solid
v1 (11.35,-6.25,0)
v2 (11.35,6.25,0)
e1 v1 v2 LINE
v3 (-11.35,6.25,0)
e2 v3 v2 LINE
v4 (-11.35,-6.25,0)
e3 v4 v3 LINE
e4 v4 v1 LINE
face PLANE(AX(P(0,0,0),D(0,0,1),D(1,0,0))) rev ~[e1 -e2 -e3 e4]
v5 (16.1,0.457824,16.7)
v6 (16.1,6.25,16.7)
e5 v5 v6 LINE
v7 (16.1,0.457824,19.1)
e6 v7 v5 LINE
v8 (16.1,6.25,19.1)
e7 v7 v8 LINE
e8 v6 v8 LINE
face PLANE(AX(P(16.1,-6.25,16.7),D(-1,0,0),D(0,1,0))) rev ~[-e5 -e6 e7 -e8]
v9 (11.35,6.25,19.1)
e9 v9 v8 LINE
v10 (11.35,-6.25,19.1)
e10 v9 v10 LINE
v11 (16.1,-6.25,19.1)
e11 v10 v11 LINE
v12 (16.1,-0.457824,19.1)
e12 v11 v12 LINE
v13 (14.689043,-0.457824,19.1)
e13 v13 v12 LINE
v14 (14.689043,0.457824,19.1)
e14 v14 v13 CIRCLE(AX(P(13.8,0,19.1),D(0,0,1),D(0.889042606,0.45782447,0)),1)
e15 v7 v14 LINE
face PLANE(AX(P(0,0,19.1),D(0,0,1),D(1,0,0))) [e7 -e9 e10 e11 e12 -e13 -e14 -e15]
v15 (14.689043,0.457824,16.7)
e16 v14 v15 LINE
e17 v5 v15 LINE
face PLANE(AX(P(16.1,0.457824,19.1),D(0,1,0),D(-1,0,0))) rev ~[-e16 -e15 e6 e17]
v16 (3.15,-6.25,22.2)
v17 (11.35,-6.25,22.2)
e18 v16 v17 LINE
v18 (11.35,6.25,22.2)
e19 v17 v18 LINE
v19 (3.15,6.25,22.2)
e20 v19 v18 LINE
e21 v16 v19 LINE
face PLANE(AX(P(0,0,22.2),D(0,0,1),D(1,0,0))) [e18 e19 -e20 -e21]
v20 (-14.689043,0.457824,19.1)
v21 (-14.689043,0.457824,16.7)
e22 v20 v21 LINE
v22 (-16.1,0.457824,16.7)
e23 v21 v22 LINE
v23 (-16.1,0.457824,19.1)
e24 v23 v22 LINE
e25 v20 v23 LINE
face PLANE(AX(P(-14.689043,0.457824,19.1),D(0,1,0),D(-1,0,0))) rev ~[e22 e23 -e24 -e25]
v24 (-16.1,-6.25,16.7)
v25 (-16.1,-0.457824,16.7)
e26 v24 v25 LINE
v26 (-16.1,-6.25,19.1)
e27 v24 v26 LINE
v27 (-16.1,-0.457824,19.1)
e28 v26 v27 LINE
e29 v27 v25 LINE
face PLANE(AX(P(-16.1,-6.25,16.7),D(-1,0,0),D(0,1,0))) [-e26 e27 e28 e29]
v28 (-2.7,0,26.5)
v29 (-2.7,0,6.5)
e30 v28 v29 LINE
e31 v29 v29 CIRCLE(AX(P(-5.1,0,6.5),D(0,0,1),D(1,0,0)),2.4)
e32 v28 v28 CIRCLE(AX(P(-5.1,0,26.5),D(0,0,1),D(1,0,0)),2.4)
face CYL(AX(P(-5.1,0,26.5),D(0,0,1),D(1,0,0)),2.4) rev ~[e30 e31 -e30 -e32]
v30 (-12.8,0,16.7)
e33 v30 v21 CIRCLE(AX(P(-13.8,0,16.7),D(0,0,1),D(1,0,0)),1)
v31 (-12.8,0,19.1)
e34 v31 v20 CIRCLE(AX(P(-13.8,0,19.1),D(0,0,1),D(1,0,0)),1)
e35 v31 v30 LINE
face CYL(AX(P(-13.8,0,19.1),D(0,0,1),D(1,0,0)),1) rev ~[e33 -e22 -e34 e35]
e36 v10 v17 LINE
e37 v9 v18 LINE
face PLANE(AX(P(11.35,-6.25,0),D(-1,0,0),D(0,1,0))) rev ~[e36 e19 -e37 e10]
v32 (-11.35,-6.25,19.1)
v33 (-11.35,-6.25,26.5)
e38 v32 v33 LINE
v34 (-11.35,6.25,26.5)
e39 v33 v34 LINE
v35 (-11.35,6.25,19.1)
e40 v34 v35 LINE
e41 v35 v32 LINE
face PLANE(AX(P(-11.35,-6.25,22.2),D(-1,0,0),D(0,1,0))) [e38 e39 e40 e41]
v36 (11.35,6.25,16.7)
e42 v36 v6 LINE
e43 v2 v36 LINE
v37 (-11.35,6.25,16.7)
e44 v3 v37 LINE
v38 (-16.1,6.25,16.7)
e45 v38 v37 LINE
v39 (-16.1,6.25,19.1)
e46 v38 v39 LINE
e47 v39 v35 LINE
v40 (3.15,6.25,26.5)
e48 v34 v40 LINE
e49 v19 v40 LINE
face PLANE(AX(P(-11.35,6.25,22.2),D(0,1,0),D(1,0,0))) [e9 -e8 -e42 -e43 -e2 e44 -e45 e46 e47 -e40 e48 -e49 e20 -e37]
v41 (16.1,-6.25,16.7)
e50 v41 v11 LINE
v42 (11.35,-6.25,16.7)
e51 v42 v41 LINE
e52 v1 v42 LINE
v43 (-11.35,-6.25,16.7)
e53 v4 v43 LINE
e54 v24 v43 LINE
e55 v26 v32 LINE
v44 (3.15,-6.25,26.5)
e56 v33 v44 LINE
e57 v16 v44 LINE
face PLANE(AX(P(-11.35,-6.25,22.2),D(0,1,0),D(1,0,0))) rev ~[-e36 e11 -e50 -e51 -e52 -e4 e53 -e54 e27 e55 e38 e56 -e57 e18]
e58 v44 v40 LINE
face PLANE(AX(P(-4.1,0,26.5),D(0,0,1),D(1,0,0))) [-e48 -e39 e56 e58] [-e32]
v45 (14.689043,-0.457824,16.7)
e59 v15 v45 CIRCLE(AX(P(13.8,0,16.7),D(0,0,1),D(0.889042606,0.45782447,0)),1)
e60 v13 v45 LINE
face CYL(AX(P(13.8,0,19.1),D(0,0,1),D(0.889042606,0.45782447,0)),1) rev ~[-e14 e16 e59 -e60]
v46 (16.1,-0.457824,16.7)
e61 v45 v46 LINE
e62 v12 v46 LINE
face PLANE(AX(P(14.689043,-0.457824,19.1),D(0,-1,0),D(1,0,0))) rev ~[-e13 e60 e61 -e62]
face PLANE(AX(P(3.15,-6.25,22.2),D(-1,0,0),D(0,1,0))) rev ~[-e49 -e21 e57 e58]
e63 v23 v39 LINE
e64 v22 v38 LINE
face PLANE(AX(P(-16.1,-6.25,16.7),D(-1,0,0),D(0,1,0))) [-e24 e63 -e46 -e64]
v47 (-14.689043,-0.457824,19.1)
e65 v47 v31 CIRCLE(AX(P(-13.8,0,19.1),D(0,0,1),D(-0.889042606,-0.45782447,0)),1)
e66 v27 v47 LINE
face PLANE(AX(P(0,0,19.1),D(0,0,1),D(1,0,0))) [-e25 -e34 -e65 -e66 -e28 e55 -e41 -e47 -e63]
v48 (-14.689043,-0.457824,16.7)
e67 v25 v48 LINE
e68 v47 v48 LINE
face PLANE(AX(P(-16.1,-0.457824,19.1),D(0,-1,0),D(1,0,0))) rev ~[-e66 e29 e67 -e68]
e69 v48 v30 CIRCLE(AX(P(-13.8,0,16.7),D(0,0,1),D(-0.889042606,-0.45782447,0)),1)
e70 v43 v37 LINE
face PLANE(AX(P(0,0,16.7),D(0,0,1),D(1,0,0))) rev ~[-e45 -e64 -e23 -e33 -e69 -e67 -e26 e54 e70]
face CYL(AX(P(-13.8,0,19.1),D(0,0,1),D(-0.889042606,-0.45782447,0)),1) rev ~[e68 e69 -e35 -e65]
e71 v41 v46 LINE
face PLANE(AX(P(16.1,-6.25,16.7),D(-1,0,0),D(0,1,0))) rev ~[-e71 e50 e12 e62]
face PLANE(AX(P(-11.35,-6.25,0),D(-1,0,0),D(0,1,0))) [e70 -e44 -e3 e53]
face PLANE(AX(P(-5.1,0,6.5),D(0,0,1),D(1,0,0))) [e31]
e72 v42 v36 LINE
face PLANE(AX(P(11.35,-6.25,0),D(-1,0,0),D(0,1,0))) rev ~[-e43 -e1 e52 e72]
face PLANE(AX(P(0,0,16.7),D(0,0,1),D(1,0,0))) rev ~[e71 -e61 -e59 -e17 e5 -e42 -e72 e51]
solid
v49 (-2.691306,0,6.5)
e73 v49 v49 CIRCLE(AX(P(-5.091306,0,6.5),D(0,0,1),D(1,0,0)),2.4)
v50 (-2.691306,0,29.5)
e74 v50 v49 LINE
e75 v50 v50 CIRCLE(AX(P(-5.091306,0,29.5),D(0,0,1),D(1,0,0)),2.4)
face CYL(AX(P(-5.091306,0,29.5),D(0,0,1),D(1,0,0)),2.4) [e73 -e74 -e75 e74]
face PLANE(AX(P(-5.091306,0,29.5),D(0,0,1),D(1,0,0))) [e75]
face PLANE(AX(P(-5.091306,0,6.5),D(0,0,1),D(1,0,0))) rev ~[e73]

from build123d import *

# Parameters (mm, degrees)
F0_W      = 22.7
F0_H      = 12.5
F1_DEPTH  = 16.7
F2_W      = 32.2
F2_H      = 12.5
F3_DEPTH  = 2.4
F5_DEPTH  = 19.101
F6_DEPTH  = 22.2
F7_W      = 14.5
F7_H      = 12.5
F8_DEPTH  = 4.3
F12_R     = 2.4
F13_DEPTH = 20
F14_R     = 2.4
F15_DEPTH = 3
F16_DEPTH = 23


with BuildPart() as f1:
    # F0 (on Top) → F1 (new body)
    with BuildSketch(Plane.XY):
        Rectangle(F0_W, F0_H)
    extrude(amount=F1_DEPTH)

    # F2 (on face) → F3 (join)
    with BuildSketch(Plane.XY.offset(16.7)):
        Rectangle(F2_W, F2_H)
    extrude(amount=F3_DEPTH)

    # F4 (on face) → F5 (cut, through all)
    with BuildSketch(Plane.XY.offset(19.1)):
        with BuildLine():
            ThreePointArc((-14.6890426058, -0.4578244698), (-13.5644608374, -0.9718648583), (-12.8, 0))
            ThreePointArc((-12.8, 0), (-13.5644608374, 0.9718648583), (-14.6890426058, 0.4578244698))
            Line((-14.6890426058, 0.4578244698), (-13.5, 0.4578244698))
            Line((-13.5, 0.4578244698), (-13.5, -0.4578244698))
            Line((-13.5, -0.4578244698), (-14.6890426058, -0.4578244698))
        make_face()
        with BuildLine():
            Line((-13.5, 0.4578244698), (-14.6890426058, 0.4578244698))
            ThreePointArc((-14.6890426058, 0.4578244698), (-14.8, 0), (-14.6890426058, -0.4578244698))
            Line((-14.6890426058, -0.4578244698), (-13.5, -0.4578244698))
            Line((-13.5, -0.4578244698), (-13.5, 0.4578244698))
        make_face()
        with BuildLine():
            ThreePointArc((-14.6890426058, -0.4578244698), (-14.8, 0), (-14.6890426058, 0.4578244698))
            Line((-14.6890426058, 0.4578244698), (-16.1, 0.4578244698))
            Line((-16.1, 0.4578244698), (-16.1, -0.4578244698))
            Line((-16.1, -0.4578244698), (-14.6890426058, -0.4578244698))
        make_face()
        with BuildLine():
            Line((14.6890426058, 0.4578244698), (13.5, 0.4578244698))
            Line((13.5, 0.4578244698), (13.5, -0.4578244698))
            Line((13.5, -0.4578244698), (14.6890426058, -0.4578244698))
            ThreePointArc((14.6890426058, -0.4578244698), (14.7718648583, -0.2355391626), (14.8, 0))
            ThreePointArc((14.8, 0), (14.7718648583, 0.2355391626), (14.6890426058, 0.4578244698))
        make_face()
        with BuildLine():
            Line((13.5, -0.4578244698), (13.5, 0.4578244698))
            Line((13.5, 0.4578244698), (14.6890426058, 0.4578244698))
            ThreePointArc((14.6890426058, 0.4578244698), (12.8, 0), (14.6890426058, -0.4578244698))
            Line((14.6890426058, -0.4578244698), (13.5, -0.4578244698))
        make_face()
        with BuildLine():
            Line((16.1, 0.4578244698), (14.6890426058, 0.4578244698))
            ThreePointArc((14.6890426058, 0.4578244698), (14.7718648583, 0.2355391626), (14.8, 0))
            ThreePointArc((14.8, 0), (14.7718648583, -0.2355391626), (14.6890426058, -0.4578244698))
            Line((14.6890426058, -0.4578244698), (16.1, -0.4578244698))
            Line((16.1, -0.4578244698), (16.1, 0.4578244698))
        make_face()
    extrude(amount=-F5_DEPTH, mode=Mode.SUBTRACT)

    # F6 (add): a face of the model
    f6_faces = [f1.faces().sort_by_distance(p)[0] for p in [
        (0, 0, 0),
    ]]
    extrude(f6_faces, amount=-F6_DEPTH)

    # F7 (on face) → F8 (join)
    with BuildSketch(Plane.XY.offset(22.2)):
        with Locations((-4.1, 0)):
            Rectangle(F7_W, F7_H)
    extrude(amount=F8_DEPTH)


with BuildPart() as f10_1:
    # F10: copy of F1
    add(f1.part)


with BuildPart() as f1_1:
    add(f1.part)

    # F12 (on face) → F13 (cut)
    with BuildSketch(Plane.XY.offset(26.5)):
        with Locations((-5.1, 0)):
            Circle(F12_R)
    extrude(amount=-F13_DEPTH, mode=Mode.SUBTRACT)


with BuildPart() as f15:
    # F14 (on face) → F15 (new body)
    with BuildSketch(Plane.XY.offset(26.5)):
        with Locations((-5.0913058221, 0)):
            Circle(F14_R)
    extrude(amount=F15_DEPTH)


with BuildPart() as f16:
    # F16 (new): a face of the model
    f16_faces = [f15.part.faces().sort_by_distance(p)[0] for p in [
        (-5.0913058221, 0, 29.5),
    ]]
    extrude(f16_faces, amount=-F16_DEPTH)


solid = Compound([f1_1.part, f16.part])
